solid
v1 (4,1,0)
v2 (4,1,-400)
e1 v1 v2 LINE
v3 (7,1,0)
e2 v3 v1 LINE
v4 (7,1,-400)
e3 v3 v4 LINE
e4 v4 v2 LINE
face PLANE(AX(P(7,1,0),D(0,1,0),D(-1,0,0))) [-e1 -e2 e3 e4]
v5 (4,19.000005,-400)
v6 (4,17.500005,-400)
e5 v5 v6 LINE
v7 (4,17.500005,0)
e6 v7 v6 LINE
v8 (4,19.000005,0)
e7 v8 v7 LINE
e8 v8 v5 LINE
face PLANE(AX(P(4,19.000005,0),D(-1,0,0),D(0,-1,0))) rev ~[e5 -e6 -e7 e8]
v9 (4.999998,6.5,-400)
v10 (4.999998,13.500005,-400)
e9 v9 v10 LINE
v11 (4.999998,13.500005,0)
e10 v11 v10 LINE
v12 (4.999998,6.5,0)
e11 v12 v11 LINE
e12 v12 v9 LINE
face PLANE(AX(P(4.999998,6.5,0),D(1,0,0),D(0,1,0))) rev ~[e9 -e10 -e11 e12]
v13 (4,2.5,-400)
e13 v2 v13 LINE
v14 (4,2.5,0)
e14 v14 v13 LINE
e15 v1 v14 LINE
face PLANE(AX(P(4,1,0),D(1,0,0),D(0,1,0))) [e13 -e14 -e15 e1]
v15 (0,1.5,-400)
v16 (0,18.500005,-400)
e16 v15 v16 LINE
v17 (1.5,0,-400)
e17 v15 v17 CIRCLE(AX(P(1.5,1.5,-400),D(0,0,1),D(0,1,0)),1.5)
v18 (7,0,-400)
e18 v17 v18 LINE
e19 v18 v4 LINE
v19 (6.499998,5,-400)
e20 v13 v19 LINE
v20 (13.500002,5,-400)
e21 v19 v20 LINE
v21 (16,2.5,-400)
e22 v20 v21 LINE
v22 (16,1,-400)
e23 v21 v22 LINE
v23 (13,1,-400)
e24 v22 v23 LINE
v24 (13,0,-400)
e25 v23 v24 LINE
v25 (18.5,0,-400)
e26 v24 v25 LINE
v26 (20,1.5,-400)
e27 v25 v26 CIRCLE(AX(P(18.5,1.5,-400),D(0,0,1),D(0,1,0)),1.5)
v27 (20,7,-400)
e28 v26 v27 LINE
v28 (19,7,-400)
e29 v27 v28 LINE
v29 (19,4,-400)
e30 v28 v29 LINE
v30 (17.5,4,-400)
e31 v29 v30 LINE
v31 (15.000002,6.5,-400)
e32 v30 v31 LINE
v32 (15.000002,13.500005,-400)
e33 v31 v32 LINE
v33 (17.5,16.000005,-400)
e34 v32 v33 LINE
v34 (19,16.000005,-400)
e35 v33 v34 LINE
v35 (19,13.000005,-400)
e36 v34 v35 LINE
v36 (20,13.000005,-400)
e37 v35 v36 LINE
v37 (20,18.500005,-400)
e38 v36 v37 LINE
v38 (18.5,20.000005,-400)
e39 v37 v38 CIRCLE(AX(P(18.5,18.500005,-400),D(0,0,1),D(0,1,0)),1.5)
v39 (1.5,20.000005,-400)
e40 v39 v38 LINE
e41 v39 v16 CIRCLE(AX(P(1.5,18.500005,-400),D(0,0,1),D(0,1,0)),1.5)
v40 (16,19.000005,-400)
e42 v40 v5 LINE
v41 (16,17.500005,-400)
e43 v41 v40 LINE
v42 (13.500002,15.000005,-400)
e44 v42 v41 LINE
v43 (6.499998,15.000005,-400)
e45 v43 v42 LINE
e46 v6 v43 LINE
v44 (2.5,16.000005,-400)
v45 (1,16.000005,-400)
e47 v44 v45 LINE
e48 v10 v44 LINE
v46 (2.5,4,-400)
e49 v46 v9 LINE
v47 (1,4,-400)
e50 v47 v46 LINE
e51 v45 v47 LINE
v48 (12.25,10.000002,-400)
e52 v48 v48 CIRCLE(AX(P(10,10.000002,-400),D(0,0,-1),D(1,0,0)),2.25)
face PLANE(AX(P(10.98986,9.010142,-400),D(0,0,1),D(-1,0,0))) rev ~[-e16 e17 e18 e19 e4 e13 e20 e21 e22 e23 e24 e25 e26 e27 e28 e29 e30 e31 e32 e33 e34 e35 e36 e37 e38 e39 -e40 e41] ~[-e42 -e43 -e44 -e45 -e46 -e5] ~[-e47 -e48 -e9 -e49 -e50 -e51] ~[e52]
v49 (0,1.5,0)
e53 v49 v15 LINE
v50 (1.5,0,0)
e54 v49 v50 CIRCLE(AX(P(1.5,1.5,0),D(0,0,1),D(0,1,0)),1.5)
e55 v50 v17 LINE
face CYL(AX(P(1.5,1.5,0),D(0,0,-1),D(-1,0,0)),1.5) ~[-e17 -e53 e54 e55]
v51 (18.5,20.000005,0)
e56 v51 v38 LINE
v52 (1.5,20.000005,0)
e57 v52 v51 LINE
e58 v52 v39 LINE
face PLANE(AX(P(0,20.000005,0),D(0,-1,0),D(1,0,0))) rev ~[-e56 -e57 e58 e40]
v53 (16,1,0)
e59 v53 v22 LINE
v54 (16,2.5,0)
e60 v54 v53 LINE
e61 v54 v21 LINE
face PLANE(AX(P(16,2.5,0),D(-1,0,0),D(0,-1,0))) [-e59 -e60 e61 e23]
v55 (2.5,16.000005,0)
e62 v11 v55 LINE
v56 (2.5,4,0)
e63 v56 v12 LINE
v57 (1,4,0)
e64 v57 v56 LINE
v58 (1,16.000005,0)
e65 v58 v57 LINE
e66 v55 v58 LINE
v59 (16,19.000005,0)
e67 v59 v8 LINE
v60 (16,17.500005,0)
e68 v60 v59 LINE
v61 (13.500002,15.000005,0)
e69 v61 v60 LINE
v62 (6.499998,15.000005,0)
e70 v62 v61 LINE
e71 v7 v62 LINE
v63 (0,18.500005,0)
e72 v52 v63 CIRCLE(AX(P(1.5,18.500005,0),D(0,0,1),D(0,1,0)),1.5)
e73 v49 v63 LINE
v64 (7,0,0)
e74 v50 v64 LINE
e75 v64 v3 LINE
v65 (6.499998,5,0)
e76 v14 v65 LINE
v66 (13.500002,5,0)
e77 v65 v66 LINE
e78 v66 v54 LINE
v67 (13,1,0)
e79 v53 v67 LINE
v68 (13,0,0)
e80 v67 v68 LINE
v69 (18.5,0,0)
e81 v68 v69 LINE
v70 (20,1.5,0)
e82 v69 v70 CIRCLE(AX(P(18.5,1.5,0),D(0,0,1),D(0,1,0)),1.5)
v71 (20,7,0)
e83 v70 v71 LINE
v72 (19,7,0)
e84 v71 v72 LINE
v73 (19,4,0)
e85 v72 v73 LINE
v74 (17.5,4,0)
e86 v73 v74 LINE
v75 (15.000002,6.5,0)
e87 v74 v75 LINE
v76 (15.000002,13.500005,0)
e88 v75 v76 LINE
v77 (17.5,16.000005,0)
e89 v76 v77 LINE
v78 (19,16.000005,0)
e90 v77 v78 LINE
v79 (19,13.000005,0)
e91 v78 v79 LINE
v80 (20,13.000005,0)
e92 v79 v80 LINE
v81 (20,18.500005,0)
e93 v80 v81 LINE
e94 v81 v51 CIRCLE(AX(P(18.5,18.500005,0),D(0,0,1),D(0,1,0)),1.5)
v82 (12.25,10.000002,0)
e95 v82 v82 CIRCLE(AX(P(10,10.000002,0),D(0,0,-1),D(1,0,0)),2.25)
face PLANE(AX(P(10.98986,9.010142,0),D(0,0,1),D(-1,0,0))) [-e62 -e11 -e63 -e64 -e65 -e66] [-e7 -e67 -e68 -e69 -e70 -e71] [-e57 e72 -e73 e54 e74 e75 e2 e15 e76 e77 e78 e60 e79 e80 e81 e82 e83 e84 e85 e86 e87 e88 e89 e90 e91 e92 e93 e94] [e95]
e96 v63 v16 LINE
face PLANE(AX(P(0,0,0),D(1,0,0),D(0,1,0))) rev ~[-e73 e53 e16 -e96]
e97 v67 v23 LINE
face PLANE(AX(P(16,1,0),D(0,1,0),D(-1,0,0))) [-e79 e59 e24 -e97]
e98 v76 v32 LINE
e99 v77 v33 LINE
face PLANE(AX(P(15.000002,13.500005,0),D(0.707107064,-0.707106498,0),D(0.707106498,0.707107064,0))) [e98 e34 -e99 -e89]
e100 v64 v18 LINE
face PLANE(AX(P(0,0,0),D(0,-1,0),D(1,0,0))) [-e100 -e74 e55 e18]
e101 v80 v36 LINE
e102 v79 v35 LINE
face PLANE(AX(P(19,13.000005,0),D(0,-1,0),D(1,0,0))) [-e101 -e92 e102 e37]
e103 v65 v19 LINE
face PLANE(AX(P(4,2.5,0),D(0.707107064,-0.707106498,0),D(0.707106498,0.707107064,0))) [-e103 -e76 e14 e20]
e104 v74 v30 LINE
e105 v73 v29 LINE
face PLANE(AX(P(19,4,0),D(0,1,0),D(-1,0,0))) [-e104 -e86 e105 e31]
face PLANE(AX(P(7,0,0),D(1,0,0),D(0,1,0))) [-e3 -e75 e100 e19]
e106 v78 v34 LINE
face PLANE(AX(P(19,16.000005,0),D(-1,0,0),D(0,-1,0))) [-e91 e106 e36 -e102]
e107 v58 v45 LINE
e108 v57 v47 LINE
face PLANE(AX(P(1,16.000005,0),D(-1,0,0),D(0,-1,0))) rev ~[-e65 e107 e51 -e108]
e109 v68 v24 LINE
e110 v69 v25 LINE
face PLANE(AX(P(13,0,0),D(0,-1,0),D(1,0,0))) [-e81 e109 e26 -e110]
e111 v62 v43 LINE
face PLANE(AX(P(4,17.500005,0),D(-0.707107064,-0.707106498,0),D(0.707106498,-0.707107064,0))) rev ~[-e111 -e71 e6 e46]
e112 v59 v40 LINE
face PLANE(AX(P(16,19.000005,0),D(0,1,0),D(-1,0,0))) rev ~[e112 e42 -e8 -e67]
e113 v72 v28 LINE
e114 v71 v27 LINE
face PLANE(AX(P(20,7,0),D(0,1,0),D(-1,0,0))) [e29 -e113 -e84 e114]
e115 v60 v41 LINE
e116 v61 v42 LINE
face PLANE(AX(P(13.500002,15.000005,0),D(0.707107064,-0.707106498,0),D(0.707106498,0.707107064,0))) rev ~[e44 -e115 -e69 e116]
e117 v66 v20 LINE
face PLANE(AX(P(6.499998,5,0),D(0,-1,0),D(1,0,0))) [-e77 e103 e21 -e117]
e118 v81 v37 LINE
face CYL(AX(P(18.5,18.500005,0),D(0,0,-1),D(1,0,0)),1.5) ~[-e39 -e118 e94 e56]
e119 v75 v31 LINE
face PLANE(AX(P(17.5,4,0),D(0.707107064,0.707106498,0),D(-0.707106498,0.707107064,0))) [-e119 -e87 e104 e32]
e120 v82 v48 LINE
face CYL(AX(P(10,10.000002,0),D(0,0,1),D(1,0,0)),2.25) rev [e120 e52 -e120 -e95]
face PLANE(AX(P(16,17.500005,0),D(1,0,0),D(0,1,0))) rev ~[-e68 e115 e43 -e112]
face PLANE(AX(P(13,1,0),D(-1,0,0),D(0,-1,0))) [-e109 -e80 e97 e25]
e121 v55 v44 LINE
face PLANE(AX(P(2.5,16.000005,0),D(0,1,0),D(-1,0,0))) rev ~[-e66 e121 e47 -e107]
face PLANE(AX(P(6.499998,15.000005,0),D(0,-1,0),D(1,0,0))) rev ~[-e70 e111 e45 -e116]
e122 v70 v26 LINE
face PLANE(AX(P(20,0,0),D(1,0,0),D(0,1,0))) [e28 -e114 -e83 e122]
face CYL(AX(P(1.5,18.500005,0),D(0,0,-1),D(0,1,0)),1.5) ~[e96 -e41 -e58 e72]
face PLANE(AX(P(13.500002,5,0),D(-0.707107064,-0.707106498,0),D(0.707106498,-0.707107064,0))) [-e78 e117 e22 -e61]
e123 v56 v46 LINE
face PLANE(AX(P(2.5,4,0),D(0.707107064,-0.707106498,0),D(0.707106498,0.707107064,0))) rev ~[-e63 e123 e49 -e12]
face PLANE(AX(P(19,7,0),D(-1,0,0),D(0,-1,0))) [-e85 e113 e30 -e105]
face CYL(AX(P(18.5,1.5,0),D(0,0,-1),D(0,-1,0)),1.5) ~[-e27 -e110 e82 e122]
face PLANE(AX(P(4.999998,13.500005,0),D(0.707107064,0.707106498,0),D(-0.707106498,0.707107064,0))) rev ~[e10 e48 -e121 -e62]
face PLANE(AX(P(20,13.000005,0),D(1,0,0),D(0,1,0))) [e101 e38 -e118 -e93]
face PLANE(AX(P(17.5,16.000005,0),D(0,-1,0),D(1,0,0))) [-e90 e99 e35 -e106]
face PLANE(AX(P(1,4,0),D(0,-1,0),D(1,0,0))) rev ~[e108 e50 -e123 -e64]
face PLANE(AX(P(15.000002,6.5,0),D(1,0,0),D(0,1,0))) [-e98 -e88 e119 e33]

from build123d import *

# Parameters (mm, degrees)
SKETCH_R  = 2.25
PAD_DEPTH = 400
FILLET_R  = 1.5


with BuildPart() as part:
    # Sketch → Pad (new body)
    with BuildSketch(Plane(origin=(0, 0, 0), x_dir=(1, 0, 0), z_dir=(0, 0, -1))):
        Polygon((7, 0), (7, -1), (4, -1), (4, -2.5), (6.499998, -5), (13.500002, -5), (16, -2.5), (16, -1), (13, -1), (13, 0), (20, 0), (20, -7), (19, -7), (19, -4), (17.5, -4), (15.000002, -6.5), (15.000002, -13.500005), (17.5, -16.000005), (19, -16.000005), (19, -13.000005), (20, -13.000005), (20, -20.000005), (13, -20.000005), (7, -20.000005), (0, -20.000005), (0, -13.000005), (0, -7), (0, 0), align=None)
        with Locations((10, -10.000002)):
            Circle(SKETCH_R, mode=Mode.SUBTRACT)
        Polygon((7, -19.000005), (4, -19.000005), (4, -17.500005), (6.499998, -15.000005), (13.500002, -15.000005), (16, -17.500005), (16, -19.000005), (13, -19.000005), align=None, mode=Mode.SUBTRACT)
        Polygon((1, -7), (1, -4), (2.5, -4), (4.999998, -6.5), (4.999998, -13.500005), (2.5, -16.000005), (1, -16.000005), (1, -13.000005), align=None, mode=Mode.SUBTRACT)
    extrude(amount=PAD_DEPTH)

    # Fillet
    fillet_edges = [part.edges().sort_by_distance(p)[0] for p in [
        (0, 20.000005, -200),
        (0, 0, -200),
        (20, 0, -200),
        (20, 20.000005, -200),
    ]]
    fillet(fillet_edges, radius=FILLET_R)


solid = part.part
